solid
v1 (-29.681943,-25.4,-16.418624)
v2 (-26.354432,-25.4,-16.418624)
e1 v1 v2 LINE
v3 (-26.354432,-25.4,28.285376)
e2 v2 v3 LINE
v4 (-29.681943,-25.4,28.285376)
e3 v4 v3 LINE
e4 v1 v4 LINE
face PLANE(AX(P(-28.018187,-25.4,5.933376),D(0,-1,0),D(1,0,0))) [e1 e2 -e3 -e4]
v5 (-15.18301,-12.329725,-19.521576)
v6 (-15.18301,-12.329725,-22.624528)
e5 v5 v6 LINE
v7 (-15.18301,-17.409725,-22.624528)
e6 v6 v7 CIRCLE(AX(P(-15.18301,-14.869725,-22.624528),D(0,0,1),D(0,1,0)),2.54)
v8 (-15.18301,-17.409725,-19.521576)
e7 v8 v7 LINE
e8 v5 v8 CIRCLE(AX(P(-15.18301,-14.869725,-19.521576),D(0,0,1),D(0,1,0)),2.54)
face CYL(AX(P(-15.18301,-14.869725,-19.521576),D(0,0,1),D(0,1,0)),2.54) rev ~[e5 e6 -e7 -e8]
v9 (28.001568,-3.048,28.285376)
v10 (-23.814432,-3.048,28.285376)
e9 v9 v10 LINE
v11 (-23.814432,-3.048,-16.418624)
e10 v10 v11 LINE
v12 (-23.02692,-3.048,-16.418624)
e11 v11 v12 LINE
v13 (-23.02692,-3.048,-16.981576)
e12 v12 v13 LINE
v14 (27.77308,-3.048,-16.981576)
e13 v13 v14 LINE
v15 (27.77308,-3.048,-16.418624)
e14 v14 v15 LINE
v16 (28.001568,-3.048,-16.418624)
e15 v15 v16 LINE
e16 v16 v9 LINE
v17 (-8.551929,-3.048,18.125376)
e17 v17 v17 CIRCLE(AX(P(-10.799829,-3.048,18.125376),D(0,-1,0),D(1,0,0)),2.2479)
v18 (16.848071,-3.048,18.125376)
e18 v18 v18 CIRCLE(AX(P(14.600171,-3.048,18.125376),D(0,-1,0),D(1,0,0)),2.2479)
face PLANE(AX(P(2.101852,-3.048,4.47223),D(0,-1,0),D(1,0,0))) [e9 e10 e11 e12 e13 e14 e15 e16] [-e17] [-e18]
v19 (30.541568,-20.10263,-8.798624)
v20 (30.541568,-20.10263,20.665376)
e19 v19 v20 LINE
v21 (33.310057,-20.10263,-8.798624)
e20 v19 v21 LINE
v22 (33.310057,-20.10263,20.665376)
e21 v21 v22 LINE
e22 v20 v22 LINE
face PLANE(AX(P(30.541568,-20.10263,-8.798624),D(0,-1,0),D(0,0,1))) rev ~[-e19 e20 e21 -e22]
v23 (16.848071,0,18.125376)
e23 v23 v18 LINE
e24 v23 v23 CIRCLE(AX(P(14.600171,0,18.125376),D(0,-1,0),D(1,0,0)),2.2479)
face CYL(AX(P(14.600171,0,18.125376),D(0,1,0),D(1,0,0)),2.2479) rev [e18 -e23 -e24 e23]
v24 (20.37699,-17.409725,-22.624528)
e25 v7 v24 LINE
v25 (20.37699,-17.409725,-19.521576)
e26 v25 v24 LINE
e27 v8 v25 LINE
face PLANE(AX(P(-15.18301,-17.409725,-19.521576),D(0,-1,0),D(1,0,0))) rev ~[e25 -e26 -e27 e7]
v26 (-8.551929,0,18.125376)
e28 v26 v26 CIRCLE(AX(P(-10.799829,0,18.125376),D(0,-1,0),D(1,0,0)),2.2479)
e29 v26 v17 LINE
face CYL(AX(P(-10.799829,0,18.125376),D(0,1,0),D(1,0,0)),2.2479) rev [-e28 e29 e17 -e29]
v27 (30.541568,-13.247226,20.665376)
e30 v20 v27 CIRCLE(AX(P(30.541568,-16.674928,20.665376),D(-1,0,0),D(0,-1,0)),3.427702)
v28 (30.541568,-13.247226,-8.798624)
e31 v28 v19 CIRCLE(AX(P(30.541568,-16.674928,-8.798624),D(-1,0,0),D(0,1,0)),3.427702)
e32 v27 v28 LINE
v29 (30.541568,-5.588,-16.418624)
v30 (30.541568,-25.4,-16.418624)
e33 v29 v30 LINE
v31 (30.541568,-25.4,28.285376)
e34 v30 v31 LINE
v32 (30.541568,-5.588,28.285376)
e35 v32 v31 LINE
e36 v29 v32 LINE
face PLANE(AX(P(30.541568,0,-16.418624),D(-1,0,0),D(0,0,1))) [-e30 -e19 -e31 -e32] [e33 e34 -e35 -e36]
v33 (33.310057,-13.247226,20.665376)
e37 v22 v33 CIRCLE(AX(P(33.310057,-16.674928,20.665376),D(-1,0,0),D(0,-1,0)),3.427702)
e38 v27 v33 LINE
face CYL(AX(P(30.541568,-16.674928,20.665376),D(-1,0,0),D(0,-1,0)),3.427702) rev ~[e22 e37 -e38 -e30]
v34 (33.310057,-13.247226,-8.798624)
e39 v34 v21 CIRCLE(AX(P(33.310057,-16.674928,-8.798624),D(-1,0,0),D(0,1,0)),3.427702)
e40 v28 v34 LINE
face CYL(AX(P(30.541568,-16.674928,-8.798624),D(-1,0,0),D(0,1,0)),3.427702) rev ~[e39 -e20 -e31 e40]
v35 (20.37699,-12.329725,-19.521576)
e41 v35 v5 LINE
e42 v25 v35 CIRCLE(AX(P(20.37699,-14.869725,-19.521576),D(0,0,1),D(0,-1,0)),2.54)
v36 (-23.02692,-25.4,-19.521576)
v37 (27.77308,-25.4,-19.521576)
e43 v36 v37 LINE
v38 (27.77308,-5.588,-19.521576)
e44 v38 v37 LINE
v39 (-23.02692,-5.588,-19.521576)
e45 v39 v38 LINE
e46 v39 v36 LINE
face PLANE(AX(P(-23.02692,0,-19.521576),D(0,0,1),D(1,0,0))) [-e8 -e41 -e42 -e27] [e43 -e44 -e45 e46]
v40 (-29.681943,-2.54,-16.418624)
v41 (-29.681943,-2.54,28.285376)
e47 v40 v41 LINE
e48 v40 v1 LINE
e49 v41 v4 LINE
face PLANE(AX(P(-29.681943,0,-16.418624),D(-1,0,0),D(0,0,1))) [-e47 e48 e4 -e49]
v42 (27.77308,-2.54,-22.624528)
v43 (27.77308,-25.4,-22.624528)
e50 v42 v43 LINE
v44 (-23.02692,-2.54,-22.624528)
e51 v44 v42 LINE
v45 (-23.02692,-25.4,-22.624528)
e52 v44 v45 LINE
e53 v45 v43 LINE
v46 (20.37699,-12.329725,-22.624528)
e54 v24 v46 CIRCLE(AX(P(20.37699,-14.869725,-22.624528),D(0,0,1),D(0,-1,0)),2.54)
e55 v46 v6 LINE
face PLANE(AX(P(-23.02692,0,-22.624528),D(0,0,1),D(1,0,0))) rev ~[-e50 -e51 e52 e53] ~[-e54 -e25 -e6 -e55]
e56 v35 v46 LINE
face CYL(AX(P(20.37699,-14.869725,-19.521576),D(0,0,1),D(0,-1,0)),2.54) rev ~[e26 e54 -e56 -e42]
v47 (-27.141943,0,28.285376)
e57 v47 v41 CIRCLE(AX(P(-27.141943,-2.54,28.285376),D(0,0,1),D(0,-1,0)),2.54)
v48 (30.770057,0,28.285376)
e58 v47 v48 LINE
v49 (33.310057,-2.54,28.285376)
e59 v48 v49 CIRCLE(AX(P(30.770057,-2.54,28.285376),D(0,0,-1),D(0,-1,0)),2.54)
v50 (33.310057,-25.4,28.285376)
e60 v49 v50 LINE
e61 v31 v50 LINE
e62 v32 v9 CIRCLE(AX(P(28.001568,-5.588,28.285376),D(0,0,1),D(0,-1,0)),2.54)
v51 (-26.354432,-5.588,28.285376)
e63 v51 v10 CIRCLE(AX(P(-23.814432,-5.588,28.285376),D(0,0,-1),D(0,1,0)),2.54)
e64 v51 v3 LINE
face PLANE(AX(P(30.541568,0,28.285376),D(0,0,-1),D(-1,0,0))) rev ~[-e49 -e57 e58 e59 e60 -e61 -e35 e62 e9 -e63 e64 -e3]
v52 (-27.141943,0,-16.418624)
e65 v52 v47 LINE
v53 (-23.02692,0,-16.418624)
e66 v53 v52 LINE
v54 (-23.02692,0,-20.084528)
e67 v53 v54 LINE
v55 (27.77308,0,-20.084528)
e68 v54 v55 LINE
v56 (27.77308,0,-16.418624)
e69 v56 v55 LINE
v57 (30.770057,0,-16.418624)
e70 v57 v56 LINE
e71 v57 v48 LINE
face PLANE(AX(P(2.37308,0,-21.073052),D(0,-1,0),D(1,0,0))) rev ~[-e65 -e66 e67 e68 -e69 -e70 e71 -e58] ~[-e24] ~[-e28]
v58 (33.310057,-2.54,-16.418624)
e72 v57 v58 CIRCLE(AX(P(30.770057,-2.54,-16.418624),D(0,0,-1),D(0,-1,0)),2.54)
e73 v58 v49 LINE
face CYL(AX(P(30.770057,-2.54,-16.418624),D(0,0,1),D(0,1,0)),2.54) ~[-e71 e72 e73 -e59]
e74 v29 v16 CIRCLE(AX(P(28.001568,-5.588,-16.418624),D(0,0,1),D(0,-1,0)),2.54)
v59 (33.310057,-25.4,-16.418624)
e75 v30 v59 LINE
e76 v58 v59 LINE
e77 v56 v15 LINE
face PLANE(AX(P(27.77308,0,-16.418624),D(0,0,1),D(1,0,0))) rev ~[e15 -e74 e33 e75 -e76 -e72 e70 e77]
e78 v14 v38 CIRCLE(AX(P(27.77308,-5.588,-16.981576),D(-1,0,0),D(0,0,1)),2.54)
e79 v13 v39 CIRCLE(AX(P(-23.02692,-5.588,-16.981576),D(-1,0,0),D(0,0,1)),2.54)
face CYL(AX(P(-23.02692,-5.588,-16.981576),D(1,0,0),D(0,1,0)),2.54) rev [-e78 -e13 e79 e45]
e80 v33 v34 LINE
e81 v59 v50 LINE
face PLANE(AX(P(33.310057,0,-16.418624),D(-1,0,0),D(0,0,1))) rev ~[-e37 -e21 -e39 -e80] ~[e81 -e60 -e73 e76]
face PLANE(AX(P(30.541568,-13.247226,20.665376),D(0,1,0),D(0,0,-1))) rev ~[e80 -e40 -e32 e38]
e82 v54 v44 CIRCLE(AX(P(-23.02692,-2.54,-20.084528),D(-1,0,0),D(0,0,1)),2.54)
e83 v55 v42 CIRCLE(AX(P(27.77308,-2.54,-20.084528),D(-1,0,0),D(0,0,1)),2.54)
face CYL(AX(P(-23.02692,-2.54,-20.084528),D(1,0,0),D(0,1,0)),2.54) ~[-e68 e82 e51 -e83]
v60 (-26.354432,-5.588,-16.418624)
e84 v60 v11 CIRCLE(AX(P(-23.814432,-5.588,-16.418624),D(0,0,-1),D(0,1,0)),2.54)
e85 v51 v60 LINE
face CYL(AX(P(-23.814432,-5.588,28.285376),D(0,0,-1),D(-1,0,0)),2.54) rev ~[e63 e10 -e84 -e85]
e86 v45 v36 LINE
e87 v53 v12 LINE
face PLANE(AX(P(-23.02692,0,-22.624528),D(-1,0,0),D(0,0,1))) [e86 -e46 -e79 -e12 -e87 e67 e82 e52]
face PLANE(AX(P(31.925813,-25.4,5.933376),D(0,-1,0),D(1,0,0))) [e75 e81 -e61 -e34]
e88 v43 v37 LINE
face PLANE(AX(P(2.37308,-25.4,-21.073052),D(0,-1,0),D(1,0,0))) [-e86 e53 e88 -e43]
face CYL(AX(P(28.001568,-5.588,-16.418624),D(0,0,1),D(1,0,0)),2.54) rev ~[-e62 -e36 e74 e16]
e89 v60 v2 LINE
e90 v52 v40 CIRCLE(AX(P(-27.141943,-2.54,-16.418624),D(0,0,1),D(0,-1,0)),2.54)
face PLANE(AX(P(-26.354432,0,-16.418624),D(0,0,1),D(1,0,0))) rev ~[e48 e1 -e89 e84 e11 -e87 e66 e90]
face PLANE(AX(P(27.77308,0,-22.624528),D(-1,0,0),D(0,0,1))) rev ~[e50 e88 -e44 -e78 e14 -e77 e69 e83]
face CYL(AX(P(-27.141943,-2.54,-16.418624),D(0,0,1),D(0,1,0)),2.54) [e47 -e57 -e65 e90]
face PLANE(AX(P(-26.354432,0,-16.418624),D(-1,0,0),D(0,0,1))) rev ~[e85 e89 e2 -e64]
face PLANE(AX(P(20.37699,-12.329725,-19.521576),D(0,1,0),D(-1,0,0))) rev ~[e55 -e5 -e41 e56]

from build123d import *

# Parameters (mm, degrees)
F0_R     = 2.2479
F1_DEPTH = 3.048
F0_W     = 50.8
F0_H     = 3.1029520094
F0_W_2   = 3.3275114092
F0_H_2   = 44.704
F0_W_3   = 2.7684885908
F2_DEPTH = 25.4
F4_R     = 2.54
F6_DEPTH = 25.4
F7_DEPTH = 25.4


with BuildPart() as f1:
    # F0 (on Front) → F1 (new body)
    with BuildSketch(Plane.XZ):
        Polygon((30.5415683826, 28.2853763875), (-26.3544316174, 28.2853763875), (-26.3544316174, -16.4186236125), (-23.0269202082, -16.4186236125), (-23.0269202082, -19.5215756219), (27.7730797918, -19.5215756219), (27.7730797918, -16.4186236125), (30.5415683826, -16.4186236125), align=None)
        with Locations((-10.7998287971, 18.1253763875)):
            Circle(F0_R, mode=Mode.SUBTRACT)
        with Locations((14.6001712029, 18.1253763875)):
            Circle(F0_R, mode=Mode.SUBTRACT)
    extrude(amount=F1_DEPTH)

    # F0 (on Front) → F2 (join)
    with BuildSketch(Plane.XZ):
        with Locations((2.3730797918, -21.0730516266)):
            Rectangle(F0_W, F0_H)
        with Locations((-28.018187322, 5.9333763875)):
            Rectangle(F0_W_2, F0_H_2)
        with Locations((31.925812678, 5.9333763875)):
            Rectangle(F0_W_3, F0_H_2)
    extrude(amount=F2_DEPTH)

    # F4
    f4_edges = [f1.edges().sort_by_distance(p)[0] for p in [
        (2.37308, -3.048, -19.521576),
        (2.37308, 0, -22.624528),
        (33.310057, 0, 5.933376),
        (30.541568, -3.048, 5.933376),
        (-26.354432, -3.048, 5.933376),
        (-29.681943, 0, 5.933376),
    ]]
    fillet(f4_edges, radius=F4_R)

    # F5 (on face) → F6 (cut)
    with BuildSketch(Plane(origin=(30.5415683826, 0, 0), x_dir=(0, -1, 0), z_dir=(-1, 0, 0))):
        with BuildLine():
            ThreePointArc((20.1026303179, 20.6653763875), (16.6749283671, 24.0930783383), (13.2472264163, 20.6653763875))
            Line((13.2472264163, 20.6653763875), (13.2472264163, -8.7986236125))
            ThreePointArc((13.2472264163, -8.7986236125), (16.6749283671, -12.2263255633), (20.1026303179, -8.7986236125))
            Line((20.1026303179, -8.7986236125), (20.1026303179, 20.6653763875))
        make_face()
    extrude(amount=-F6_DEPTH, mode=Mode.SUBTRACT)

    # F3 (on face) → F7 (cut)
    with BuildSketch(Plane.XY.offset(-19.5215756219)):
        with BuildLine():
            ThreePointArc((-15.1830099327, -12.3297252466), (-17.7230099327, -14.8697252466), (-15.1830099327, -17.4097252466))
            Line((-15.1830099327, -17.4097252466), (20.3769900673, -17.4097252466))
            ThreePointArc((20.3769900673, -17.4097252466), (22.9169900673, -14.8697252466), (20.3769900673, -12.3297252466))
            Line((20.3769900673, -12.3297252466), (-15.1830099327, -12.3297252466))
        make_face()
    extrude(amount=-F7_DEPTH, mode=Mode.SUBTRACT)


solid = f1.part
